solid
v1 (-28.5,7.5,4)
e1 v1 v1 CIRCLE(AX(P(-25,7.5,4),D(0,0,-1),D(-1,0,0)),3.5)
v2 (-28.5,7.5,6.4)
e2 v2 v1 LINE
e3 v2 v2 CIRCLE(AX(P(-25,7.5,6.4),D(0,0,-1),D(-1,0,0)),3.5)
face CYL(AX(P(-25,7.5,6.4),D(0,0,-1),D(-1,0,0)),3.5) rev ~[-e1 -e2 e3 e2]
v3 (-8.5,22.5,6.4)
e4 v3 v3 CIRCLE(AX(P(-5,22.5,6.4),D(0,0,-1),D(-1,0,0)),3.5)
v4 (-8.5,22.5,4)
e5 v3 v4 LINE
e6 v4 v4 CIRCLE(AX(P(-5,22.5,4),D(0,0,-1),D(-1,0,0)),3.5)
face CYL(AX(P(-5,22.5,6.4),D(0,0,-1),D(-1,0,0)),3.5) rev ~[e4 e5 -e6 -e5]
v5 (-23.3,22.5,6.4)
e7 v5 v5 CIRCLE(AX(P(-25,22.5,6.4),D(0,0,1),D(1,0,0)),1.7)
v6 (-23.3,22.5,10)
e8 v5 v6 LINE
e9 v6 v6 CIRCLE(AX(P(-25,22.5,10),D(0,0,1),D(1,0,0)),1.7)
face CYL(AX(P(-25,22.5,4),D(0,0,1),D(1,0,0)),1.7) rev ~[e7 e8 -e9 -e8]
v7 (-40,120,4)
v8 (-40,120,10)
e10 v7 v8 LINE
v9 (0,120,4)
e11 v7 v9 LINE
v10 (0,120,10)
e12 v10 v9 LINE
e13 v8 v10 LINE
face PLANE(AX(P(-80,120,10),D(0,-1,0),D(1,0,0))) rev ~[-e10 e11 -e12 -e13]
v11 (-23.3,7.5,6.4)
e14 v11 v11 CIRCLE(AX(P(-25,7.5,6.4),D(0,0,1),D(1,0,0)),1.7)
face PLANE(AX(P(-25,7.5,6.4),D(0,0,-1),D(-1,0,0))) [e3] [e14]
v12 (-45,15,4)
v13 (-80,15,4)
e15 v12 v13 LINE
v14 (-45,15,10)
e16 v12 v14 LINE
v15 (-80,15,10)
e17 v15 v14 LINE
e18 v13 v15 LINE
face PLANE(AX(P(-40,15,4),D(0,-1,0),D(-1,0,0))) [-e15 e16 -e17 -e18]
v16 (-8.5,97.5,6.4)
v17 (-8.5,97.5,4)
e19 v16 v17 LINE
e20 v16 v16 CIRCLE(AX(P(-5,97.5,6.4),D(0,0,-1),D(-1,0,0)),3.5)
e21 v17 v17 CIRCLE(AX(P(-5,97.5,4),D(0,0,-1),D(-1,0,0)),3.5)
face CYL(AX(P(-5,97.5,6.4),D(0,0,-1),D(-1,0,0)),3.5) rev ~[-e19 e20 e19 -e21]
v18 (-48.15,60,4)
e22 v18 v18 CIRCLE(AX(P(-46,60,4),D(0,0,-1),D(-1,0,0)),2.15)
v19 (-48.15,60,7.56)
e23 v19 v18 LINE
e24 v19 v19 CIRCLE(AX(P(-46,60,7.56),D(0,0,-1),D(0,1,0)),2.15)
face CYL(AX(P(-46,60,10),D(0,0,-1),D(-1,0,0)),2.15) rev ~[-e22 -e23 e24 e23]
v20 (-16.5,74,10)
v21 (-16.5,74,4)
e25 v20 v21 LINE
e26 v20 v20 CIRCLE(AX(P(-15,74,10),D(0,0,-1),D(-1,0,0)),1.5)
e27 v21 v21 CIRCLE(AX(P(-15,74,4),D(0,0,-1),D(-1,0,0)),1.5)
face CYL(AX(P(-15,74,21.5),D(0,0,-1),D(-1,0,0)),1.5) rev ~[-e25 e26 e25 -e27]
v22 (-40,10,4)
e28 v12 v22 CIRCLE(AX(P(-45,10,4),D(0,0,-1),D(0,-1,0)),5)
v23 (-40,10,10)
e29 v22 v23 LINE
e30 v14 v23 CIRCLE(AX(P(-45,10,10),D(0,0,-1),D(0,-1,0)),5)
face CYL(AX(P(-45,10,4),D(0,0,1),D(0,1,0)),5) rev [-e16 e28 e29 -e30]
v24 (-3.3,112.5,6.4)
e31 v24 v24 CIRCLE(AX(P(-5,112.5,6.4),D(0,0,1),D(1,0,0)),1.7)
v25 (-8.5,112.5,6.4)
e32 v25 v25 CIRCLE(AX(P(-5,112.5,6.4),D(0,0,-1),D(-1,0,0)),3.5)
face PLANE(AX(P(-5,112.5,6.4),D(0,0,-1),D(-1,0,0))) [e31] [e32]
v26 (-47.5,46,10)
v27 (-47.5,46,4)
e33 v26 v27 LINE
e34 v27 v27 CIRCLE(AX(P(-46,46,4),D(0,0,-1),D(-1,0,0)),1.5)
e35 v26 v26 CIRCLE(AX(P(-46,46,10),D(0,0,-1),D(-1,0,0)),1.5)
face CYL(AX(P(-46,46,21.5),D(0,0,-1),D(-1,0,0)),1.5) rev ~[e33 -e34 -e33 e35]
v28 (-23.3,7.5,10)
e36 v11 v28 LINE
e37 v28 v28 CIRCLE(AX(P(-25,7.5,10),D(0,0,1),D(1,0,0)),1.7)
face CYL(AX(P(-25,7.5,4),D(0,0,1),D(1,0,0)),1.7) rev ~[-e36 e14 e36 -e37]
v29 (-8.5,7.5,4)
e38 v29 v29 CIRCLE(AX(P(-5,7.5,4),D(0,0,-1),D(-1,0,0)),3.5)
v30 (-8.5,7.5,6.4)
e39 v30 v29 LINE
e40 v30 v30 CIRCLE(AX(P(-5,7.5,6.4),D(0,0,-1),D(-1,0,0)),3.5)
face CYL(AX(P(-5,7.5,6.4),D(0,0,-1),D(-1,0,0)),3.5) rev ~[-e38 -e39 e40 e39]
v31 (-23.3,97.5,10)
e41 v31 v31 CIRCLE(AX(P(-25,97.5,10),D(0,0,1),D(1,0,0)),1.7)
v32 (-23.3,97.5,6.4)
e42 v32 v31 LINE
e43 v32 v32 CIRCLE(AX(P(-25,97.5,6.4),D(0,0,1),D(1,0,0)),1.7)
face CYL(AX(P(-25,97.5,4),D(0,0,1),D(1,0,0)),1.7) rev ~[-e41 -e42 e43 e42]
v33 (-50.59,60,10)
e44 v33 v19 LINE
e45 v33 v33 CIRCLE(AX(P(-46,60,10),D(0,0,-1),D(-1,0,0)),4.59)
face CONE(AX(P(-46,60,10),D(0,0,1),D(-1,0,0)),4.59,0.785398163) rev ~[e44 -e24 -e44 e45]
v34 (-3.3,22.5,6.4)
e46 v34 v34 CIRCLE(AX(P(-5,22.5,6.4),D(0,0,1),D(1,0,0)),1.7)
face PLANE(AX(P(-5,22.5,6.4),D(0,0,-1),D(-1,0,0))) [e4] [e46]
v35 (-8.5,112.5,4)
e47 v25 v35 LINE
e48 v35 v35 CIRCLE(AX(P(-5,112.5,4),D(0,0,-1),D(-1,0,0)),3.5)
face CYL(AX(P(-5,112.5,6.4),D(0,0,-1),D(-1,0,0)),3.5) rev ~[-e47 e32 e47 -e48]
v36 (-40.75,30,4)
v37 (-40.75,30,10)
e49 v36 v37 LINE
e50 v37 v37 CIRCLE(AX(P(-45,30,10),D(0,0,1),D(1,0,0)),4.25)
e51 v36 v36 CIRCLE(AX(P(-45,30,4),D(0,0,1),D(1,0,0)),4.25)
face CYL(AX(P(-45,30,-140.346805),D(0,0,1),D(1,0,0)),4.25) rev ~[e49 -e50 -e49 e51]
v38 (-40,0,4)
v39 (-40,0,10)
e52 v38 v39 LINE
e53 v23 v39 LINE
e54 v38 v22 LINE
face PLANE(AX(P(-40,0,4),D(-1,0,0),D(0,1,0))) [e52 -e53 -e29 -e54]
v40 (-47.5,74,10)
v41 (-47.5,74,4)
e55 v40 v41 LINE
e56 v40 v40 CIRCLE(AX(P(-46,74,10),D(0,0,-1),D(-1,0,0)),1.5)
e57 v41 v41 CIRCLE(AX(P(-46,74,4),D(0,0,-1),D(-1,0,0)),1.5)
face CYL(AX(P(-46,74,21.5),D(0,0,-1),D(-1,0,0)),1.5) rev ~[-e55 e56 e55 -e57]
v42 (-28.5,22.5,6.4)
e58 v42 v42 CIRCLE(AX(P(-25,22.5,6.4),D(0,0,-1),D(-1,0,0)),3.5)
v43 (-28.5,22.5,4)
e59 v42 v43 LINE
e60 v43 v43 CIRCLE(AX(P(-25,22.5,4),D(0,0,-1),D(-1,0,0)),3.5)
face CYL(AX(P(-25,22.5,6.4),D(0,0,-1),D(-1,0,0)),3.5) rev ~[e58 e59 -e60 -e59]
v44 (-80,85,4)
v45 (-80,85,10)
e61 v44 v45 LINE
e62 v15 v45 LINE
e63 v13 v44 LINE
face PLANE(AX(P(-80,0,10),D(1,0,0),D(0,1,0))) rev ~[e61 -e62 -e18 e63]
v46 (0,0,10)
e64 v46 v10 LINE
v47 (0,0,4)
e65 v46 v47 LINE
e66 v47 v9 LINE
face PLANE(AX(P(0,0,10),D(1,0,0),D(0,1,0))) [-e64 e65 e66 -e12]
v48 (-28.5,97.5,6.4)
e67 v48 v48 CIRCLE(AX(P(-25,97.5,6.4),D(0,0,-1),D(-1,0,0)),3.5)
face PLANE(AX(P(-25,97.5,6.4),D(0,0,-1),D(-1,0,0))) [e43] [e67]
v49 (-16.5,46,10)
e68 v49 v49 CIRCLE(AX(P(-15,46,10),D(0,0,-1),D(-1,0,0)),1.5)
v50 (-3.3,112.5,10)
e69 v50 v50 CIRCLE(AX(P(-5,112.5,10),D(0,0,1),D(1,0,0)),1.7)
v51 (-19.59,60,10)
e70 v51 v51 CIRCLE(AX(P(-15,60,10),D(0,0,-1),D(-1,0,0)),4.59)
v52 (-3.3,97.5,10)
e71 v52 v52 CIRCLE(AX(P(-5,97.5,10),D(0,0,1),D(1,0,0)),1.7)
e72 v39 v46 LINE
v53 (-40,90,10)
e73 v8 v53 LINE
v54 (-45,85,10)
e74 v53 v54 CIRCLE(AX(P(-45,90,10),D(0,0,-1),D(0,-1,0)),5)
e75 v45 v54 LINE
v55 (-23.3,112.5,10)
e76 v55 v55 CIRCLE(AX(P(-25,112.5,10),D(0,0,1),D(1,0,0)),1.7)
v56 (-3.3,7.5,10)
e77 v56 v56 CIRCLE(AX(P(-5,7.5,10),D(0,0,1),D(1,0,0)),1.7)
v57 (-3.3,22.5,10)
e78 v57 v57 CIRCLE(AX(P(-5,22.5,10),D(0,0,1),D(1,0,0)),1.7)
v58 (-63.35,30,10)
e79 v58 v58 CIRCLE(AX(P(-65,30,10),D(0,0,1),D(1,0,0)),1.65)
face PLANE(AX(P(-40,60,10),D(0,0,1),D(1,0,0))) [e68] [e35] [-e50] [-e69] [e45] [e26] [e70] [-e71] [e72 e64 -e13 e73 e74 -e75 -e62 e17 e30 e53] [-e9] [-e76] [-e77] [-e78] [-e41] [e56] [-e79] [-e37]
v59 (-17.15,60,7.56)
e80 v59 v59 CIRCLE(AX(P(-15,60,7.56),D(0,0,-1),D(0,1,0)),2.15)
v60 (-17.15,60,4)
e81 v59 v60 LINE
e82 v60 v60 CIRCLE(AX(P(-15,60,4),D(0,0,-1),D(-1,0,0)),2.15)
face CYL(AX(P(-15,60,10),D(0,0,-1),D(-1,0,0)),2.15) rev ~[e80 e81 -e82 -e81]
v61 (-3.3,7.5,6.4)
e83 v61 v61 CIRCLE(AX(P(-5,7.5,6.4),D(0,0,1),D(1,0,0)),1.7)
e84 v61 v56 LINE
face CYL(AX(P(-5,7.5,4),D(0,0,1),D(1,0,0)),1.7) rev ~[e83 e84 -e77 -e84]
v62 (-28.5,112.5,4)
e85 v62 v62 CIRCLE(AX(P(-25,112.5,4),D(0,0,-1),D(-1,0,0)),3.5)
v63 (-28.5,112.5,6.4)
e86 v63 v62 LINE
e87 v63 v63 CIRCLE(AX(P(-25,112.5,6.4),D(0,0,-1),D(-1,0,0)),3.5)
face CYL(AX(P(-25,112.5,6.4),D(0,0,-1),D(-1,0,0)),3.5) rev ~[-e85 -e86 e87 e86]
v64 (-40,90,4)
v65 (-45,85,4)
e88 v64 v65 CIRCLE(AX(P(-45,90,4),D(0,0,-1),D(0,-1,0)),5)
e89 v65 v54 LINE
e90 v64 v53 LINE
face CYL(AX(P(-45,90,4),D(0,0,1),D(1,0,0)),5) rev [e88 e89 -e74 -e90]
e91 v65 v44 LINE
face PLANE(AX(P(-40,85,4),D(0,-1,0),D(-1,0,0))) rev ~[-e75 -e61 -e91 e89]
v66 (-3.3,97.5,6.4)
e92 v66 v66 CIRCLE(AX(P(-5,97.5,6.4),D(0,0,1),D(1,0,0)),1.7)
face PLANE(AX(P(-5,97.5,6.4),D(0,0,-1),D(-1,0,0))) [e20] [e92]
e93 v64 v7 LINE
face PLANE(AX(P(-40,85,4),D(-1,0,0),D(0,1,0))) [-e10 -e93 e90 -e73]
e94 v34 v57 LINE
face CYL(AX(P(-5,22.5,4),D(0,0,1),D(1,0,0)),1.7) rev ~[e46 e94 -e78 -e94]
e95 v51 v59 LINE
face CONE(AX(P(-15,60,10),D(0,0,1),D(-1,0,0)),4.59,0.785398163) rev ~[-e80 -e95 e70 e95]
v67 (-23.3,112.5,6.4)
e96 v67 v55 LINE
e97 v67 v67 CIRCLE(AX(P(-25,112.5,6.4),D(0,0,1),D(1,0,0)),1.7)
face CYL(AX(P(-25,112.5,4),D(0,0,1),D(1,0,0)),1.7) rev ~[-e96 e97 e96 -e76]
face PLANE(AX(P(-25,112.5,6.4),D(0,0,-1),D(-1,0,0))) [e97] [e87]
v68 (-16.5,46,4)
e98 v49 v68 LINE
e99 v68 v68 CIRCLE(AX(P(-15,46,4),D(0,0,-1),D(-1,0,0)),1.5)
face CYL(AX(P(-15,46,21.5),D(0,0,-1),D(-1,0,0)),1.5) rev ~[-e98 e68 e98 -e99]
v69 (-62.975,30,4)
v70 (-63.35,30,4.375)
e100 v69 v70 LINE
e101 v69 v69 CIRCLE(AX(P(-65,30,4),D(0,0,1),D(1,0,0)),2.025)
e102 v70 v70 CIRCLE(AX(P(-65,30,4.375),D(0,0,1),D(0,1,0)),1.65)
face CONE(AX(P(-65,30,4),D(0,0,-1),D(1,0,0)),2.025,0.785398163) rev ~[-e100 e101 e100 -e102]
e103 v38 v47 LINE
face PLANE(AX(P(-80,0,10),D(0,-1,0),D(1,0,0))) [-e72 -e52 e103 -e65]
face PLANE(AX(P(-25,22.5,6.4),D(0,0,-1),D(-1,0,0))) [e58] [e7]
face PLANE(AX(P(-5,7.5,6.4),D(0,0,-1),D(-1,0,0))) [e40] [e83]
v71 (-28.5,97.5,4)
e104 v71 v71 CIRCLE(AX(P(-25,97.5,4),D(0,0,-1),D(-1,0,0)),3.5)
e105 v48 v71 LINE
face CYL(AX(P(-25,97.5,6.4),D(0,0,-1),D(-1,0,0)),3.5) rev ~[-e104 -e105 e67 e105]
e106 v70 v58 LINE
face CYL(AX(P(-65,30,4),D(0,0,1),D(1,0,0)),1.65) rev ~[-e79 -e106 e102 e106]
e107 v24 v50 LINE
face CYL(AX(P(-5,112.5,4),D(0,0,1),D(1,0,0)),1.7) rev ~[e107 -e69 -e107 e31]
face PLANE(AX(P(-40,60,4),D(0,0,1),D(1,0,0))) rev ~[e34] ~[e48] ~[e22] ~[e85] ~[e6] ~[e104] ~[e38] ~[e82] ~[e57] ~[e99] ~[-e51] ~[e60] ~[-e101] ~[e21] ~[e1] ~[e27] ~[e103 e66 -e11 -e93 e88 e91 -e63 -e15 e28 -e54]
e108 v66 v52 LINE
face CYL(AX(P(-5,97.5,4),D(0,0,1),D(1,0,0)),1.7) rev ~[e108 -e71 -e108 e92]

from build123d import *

# Parameters (mm, degrees)
SKIZZE1_W                                            = 80
SKIZZE1_H                                            = 120
AUFSATZ_LINEAR_AUSTRAGEN1_DEPTH                      = 6
FORMSENKUNG_F_R_M4_SENKSCHRAUBE_MIT_INNE_D           = 4.3
FORMSENKUNG_F_R_M4_SENKSCHRAUBE_MIT_INNE_DEPTH       = 11.5
FORMSENKUNG_F_R_M4_SENKSCHRAUBE_MIT_INNE_CSINK_D     = 9.18
FORMSENKUNG_F_R_M4_SENKSCHRAUBE_MIT_INNE_CSINK_ANGLE = 90
FORMSENKUNG_F_R_M4_SENKSCHRAUBE_MIT_INNE_TIP         = 1.291850331
F_3_0MM_STIFTLOCH1_D                                 = 3
F_3_0MM_STIFTLOCH1_DEPTH                             = 11.5
F_3_0MM_STIFTLOCH1_TIP                               = 0.901290929
STIRNSENKUNG_F_R_M3_FLACHKOPFSCHRAUBE_MI_D           = 3.4
STIRNSENKUNG_F_R_M3_FLACHKOPFSCHRAUBE_MI_DEPTH       = 8.5
STIRNSENKUNG_F_R_M3_FLACHKOPFSCHRAUBE_MI_CBORE_D     = 7
STIRNSENKUNG_F_R_M3_FLACHKOPFSCHRAUBE_MI_CBORE_DEPTH = 2.4
STIRNSENKUNG_F_R_M3_FLACHKOPFSCHRAUBE_MI_TIP         = 1.021463052
M10_GEWINDEBOHRUNG1_D                                = 8.5
SKIZZE28_W                                           = 40
SKIZZE28_H                                           = 35
SKIZZE28_H_2                                         = 15
SCHNITT_LINEAR_AUSTRAGEN1_DEPTH                      = 10
M4_GEWINDEBOHRUNG1_D                                 = 3.3
M4_GEWINDEBOHRUNG1_CSINK_D                           = 4.05
M4_GEWINDEBOHRUNG1_CSINK_ANGLE                       = 90
VERRUNDUNG1_R                                        = 5


with BuildPart() as part:
    # Skizze1 → Aufsatz-Linear austragen1 (new body)
    with BuildSketch(Plane.XY.offset(10)):
        with Locations((-40, 60)):
            Rectangle(SKIZZE1_W, SKIZZE1_H)
    extrude(amount=-AUFSATZ_LINEAR_AUSTRAGEN1_DEPTH)

    # Formsenkung für M4 Senkschraube mit Innensechskant1
    with Locations(Plane.XY.offset(10)):
        with Locations((-46, 60), (-15, 60)):
            CounterSinkHole(FORMSENKUNG_F_R_M4_SENKSCHRAUBE_MIT_INNE_D / 2, FORMSENKUNG_F_R_M4_SENKSCHRAUBE_MIT_INNE_CSINK_D / 2, depth=FORMSENKUNG_F_R_M4_SENKSCHRAUBE_MIT_INNE_DEPTH, counter_sink_angle=FORMSENKUNG_F_R_M4_SENKSCHRAUBE_MIT_INNE_CSINK_ANGLE)
            with Locations((0, 0, -(FORMSENKUNG_F_R_M4_SENKSCHRAUBE_MIT_INNE_DEPTH + FORMSENKUNG_F_R_M4_SENKSCHRAUBE_MIT_INNE_TIP / 2))):  # 118° drill point
                Cone(0, FORMSENKUNG_F_R_M4_SENKSCHRAUBE_MIT_INNE_D / 2, FORMSENKUNG_F_R_M4_SENKSCHRAUBE_MIT_INNE_TIP, mode=Mode.SUBTRACT)

    # Ø3.0mm Stiftloch1
    with Locations(Plane.XY.offset(10)):
        with Locations((-46, 74), (-15, 74), (-15, 46), (-46, 46)):
            Hole(F_3_0MM_STIFTLOCH1_D / 2, depth=F_3_0MM_STIFTLOCH1_DEPTH)
            with Locations((0, 0, -(F_3_0MM_STIFTLOCH1_DEPTH + F_3_0MM_STIFTLOCH1_TIP / 2))):  # 118° drill point
                Cone(0, F_3_0MM_STIFTLOCH1_D / 2, F_3_0MM_STIFTLOCH1_TIP, mode=Mode.SUBTRACT)

    # Stirnsenkung für M3 Flachkopfschraube mit Schlitz2
    with Locations(Plane(origin=(0, 0, 4), x_dir=(-1, 0, 0), z_dir=(0, 0, -1))):
        with Locations((25, 112.5), (25, 97.5), (5, 97.5), (5, 112.5), (25, 22.5), (25, 7.5), (5, 7.5), (5, 22.5)):
            CounterBoreHole(STIRNSENKUNG_F_R_M3_FLACHKOPFSCHRAUBE_MI_D / 2, STIRNSENKUNG_F_R_M3_FLACHKOPFSCHRAUBE_MI_CBORE_D / 2, STIRNSENKUNG_F_R_M3_FLACHKOPFSCHRAUBE_MI_CBORE_DEPTH, depth=STIRNSENKUNG_F_R_M3_FLACHKOPFSCHRAUBE_MI_DEPTH)
            with Locations((0, 0, -(STIRNSENKUNG_F_R_M3_FLACHKOPFSCHRAUBE_MI_DEPTH + STIRNSENKUNG_F_R_M3_FLACHKOPFSCHRAUBE_MI_TIP / 2))):  # 118° drill point
                Cone(0, STIRNSENKUNG_F_R_M3_FLACHKOPFSCHRAUBE_MI_D / 2, STIRNSENKUNG_F_R_M3_FLACHKOPFSCHRAUBE_MI_TIP, mode=Mode.SUBTRACT)

    # M10 Gewindebohrung1 (through all)
    with Locations(Plane(origin=(0, 0, 4), x_dir=(-1, 0, 0), z_dir=(0, 0, -1))):
        with Locations((45, 30)):
            Hole(M10_GEWINDEBOHRUNG1_D / 2)

    # Skizze28 → Schnitt-Linear austragen1 (cut)
    with BuildSketch(Plane(origin=(0, 0, 4), x_dir=(-1, 0, 0), z_dir=(0, 0, -1))):
        with Locations((60, 102.5)):
            Rectangle(SKIZZE28_W, SKIZZE28_H)
        with Locations((60, 7.5)):
            Rectangle(SKIZZE28_W, SKIZZE28_H_2)
    extrude(amount=-SCHNITT_LINEAR_AUSTRAGEN1_DEPTH, mode=Mode.SUBTRACT)

    # M4 Gewindebohrung1 (through all)
    with Locations(Plane(origin=(0, 0, 4), x_dir=(-1, 0, 0), z_dir=(0, 0, -1))):
        with Locations((65, 30)):
            CounterSinkHole(M4_GEWINDEBOHRUNG1_D / 2, M4_GEWINDEBOHRUNG1_CSINK_D / 2, counter_sink_angle=M4_GEWINDEBOHRUNG1_CSINK_ANGLE)

    # Verrundung1
    verrundung1_edges = [part.edges().sort_by_distance(p)[0] for p in [
        (-40, 85, 7),
        (-40, 15, 7),
    ]]
    fillet(verrundung1_edges, radius=VERRUNDUNG1_R)


solid = part.part
